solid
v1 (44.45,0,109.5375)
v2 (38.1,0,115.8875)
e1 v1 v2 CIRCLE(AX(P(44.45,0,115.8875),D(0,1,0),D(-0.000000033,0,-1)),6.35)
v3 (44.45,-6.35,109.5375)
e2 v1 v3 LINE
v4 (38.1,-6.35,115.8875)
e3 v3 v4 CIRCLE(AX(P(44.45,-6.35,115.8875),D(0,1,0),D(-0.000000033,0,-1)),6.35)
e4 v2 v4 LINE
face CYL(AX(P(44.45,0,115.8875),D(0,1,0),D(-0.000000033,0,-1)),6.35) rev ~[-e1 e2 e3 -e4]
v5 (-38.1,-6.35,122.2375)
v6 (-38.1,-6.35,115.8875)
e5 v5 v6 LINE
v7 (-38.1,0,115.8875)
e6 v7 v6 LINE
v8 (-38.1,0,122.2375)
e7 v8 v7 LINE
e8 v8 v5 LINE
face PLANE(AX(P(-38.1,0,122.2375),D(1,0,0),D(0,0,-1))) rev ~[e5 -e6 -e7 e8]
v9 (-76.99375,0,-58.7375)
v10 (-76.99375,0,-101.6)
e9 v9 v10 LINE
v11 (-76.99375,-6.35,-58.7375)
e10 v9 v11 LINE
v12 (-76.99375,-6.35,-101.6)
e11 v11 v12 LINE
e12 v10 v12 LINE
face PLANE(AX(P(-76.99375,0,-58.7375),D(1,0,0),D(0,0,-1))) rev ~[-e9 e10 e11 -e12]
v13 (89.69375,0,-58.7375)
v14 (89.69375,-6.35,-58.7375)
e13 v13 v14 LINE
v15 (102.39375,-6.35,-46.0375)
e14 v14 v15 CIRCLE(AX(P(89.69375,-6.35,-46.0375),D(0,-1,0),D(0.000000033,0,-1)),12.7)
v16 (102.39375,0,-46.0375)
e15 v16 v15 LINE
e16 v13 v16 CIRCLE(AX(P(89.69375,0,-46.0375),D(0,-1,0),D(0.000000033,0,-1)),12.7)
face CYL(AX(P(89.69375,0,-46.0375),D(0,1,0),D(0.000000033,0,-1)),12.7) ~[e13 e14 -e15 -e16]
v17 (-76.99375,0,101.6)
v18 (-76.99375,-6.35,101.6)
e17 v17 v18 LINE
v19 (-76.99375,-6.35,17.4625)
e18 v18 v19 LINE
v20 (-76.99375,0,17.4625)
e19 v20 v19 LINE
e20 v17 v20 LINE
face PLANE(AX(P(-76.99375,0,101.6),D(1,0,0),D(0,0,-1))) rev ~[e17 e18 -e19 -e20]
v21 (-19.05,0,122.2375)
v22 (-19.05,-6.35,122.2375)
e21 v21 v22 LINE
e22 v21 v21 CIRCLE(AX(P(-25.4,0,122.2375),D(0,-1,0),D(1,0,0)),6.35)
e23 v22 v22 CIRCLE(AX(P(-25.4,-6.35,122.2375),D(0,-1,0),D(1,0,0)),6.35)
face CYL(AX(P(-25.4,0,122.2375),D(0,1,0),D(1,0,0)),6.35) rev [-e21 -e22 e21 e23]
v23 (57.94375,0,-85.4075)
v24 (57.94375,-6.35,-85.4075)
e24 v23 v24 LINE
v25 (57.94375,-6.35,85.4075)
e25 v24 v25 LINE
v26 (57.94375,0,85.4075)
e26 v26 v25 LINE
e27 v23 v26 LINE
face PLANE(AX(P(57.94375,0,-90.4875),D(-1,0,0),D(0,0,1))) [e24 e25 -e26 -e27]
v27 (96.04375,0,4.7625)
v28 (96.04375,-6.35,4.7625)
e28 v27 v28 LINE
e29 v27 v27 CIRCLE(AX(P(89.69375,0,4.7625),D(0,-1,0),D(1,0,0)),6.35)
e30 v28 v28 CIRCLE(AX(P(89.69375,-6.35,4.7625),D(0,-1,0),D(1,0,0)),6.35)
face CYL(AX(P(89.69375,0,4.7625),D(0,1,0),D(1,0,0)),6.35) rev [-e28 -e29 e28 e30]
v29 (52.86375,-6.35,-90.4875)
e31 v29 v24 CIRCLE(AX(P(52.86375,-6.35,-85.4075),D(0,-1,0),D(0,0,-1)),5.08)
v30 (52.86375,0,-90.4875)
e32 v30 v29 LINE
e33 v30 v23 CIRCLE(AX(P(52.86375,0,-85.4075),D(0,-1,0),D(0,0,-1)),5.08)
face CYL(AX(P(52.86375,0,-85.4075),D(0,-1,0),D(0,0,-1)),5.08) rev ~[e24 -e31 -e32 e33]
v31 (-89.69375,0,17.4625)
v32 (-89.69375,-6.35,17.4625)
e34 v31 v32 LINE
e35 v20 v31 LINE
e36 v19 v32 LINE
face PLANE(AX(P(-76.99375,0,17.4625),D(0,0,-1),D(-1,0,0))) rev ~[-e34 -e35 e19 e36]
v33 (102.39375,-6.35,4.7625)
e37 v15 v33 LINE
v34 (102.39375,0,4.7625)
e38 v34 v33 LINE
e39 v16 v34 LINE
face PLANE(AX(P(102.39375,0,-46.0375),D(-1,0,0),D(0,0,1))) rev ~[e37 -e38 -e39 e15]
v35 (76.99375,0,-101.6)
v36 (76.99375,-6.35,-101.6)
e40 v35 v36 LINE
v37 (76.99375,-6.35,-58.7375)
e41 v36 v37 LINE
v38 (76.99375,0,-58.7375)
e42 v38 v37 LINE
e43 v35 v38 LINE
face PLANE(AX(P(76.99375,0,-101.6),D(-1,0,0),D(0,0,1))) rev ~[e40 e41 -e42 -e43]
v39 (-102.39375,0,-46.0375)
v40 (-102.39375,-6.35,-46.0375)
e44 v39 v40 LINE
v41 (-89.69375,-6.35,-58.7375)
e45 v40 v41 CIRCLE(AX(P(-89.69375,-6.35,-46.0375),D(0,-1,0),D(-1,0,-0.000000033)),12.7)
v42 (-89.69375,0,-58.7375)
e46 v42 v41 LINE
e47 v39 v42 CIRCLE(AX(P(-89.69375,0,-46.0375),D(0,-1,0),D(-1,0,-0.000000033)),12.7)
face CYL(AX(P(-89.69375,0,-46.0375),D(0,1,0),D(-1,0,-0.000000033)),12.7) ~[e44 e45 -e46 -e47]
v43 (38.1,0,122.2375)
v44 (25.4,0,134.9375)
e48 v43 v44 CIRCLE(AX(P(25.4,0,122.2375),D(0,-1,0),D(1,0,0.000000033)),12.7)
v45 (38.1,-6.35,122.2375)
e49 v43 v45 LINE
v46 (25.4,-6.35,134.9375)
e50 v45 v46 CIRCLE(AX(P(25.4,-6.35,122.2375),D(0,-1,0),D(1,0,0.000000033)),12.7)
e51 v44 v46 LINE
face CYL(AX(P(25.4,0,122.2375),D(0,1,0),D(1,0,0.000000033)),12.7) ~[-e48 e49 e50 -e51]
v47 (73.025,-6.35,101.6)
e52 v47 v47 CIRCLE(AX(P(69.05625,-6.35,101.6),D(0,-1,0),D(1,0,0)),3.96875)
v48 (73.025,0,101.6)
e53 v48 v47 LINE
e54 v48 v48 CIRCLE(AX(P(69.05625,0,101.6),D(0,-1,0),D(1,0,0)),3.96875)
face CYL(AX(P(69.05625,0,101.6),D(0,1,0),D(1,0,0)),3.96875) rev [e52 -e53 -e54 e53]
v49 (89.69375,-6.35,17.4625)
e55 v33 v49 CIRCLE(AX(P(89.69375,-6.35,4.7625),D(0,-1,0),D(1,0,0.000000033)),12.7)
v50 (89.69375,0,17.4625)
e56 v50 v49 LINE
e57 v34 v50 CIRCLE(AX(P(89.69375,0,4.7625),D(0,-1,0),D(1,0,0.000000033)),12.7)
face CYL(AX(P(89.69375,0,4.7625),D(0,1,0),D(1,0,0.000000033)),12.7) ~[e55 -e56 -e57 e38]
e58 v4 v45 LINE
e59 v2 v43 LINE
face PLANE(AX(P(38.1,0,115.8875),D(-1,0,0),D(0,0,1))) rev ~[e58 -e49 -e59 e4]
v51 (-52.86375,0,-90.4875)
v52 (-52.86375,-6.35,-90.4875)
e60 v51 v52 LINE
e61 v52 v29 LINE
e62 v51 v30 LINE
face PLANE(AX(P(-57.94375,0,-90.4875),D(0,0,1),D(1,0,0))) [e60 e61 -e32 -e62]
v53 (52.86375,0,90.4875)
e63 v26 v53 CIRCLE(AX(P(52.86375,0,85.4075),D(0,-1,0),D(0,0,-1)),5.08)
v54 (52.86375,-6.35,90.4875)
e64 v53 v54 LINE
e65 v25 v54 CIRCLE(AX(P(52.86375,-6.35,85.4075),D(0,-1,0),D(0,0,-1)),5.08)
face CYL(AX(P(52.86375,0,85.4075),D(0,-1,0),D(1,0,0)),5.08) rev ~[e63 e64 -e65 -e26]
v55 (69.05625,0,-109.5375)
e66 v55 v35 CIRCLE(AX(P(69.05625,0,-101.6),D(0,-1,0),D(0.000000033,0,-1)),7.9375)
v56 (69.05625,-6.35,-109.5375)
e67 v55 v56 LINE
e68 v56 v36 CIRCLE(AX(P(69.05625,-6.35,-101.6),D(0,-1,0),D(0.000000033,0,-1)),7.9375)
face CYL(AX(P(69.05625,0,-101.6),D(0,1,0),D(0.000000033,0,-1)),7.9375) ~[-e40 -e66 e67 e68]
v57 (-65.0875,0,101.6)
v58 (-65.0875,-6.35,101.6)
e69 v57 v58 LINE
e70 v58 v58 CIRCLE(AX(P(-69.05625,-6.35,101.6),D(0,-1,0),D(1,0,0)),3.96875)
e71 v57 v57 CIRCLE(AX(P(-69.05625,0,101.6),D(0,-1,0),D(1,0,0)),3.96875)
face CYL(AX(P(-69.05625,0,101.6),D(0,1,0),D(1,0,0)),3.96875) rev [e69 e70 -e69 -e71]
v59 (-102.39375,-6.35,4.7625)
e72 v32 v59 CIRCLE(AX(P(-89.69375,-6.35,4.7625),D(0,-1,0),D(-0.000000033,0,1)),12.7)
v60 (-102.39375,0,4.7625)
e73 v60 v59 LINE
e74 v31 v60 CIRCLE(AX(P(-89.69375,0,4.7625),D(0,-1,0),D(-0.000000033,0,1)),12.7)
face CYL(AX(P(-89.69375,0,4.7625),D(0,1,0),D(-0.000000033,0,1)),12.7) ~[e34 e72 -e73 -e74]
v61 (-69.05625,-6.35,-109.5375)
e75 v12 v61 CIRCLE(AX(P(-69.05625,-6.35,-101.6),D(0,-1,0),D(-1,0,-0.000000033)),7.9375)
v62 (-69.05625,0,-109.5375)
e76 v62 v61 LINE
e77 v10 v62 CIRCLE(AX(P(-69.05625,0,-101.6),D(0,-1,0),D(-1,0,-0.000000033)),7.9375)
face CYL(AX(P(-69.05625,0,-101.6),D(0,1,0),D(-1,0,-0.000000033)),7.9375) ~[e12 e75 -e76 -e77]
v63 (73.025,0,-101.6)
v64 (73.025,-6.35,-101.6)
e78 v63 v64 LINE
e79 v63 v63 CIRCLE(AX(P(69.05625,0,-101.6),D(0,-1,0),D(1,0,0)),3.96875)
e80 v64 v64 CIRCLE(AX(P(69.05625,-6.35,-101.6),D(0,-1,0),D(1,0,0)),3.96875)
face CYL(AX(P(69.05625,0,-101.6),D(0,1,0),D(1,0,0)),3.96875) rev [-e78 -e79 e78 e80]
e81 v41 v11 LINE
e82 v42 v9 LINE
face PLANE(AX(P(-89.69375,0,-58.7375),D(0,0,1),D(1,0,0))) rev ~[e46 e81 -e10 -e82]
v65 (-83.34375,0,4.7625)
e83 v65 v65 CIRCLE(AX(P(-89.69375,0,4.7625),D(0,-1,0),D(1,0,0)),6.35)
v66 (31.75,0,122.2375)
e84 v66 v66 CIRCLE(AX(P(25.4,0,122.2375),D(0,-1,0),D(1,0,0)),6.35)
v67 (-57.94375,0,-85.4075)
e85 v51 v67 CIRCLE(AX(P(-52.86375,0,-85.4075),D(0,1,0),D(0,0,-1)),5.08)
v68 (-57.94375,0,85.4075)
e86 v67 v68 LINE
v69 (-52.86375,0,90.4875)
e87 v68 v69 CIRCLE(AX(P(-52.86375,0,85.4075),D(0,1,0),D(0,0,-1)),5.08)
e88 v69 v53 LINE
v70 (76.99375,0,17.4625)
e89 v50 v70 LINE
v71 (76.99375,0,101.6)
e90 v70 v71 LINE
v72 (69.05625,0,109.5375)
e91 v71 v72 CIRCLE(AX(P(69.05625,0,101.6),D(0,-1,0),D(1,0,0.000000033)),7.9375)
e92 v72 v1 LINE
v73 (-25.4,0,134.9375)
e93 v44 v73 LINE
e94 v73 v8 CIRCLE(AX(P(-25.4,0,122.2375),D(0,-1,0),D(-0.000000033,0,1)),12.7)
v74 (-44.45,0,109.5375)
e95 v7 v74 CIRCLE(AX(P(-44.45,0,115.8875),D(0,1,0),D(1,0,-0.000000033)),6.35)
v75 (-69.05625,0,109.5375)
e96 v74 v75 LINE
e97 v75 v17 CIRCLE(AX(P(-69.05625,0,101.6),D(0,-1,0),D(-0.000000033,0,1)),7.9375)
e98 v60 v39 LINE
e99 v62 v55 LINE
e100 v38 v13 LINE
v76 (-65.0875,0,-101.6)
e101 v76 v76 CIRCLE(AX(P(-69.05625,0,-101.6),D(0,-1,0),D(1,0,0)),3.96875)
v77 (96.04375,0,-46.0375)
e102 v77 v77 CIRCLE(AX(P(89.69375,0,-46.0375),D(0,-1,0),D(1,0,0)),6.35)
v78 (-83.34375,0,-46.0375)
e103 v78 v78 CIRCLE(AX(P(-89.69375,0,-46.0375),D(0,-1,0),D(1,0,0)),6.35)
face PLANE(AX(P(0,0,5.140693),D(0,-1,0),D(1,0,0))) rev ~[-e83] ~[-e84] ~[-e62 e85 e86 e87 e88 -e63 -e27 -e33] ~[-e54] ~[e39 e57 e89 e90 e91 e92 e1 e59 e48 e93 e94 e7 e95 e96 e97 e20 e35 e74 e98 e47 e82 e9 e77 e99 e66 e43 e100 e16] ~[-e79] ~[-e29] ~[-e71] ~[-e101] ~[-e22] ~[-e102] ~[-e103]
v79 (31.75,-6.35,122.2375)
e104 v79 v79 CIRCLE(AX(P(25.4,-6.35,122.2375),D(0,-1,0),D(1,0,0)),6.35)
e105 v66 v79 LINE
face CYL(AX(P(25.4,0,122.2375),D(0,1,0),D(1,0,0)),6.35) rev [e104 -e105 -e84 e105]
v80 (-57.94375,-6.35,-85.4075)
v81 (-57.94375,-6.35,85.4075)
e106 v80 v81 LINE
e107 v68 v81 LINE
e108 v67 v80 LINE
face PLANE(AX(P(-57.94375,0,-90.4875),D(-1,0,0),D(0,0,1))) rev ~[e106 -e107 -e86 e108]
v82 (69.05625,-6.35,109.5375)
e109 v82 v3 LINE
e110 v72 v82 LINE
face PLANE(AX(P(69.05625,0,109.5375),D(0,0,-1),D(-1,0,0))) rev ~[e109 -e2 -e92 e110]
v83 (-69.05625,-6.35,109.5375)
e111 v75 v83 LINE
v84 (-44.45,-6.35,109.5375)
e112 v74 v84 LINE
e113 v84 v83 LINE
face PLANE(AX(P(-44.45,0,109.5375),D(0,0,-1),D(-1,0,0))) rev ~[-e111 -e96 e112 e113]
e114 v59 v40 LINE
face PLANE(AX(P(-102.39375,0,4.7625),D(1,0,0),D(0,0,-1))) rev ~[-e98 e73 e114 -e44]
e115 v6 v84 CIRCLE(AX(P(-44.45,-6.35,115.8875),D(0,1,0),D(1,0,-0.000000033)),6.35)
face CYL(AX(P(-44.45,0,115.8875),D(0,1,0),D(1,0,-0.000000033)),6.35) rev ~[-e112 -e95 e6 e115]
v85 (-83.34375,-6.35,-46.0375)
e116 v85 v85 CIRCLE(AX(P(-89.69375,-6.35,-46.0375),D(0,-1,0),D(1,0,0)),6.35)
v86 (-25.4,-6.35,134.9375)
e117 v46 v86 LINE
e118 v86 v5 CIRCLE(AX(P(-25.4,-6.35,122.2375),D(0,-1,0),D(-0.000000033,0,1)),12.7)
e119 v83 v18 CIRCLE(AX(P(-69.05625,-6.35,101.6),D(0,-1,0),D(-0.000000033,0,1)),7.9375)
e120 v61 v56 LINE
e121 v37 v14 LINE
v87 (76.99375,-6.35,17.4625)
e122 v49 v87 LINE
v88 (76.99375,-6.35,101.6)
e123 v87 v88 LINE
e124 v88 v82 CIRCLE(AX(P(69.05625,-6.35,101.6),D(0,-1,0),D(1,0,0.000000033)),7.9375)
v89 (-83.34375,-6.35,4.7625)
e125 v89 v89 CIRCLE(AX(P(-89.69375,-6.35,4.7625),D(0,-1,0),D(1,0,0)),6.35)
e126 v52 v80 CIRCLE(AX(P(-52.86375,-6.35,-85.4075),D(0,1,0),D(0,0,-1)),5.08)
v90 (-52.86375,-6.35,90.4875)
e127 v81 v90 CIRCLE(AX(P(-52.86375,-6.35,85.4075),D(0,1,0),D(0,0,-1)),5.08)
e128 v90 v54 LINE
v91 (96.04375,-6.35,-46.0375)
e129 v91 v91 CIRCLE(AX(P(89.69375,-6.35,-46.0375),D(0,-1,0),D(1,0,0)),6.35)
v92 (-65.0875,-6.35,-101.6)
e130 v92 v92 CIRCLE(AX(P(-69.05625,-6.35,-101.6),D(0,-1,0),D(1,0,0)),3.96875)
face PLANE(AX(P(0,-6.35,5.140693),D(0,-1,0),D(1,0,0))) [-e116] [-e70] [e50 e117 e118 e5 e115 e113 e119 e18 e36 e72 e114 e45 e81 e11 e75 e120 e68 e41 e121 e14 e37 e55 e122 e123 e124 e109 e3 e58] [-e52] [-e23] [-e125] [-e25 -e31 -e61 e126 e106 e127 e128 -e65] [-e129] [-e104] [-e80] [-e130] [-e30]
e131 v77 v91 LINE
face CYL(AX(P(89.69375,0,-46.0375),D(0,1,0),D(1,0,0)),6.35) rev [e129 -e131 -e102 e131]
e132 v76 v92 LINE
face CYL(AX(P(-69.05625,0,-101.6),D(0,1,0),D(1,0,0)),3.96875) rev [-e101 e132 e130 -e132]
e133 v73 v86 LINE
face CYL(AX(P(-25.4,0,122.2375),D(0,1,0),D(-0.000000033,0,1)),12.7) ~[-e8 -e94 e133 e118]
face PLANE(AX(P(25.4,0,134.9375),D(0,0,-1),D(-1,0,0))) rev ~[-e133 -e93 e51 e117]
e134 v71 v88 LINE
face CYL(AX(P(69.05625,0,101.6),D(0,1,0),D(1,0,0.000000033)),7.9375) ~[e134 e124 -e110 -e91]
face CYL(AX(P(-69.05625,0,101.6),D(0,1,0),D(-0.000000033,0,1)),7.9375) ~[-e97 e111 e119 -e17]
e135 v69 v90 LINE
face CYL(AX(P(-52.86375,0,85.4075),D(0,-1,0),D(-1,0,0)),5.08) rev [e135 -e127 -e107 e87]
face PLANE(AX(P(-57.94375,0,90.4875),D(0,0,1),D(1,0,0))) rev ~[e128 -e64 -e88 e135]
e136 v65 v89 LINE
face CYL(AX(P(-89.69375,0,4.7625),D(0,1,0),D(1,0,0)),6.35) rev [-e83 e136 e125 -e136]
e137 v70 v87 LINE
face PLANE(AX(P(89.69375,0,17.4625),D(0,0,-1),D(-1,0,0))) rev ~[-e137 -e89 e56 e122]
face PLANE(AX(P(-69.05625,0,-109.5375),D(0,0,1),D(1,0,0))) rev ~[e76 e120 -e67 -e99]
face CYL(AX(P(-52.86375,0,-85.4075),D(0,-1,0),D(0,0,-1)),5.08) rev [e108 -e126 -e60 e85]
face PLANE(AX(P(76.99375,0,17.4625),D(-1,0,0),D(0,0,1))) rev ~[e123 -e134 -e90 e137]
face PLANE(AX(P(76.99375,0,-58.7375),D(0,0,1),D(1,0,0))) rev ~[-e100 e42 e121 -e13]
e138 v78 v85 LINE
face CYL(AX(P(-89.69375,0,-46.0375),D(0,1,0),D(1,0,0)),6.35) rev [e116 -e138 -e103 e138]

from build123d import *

# Parameters (mm, degrees)
F0_R     = 3.96875
F0_R_2   = 6.35
F0_W     = 115.8875
F0_H     = 180.975
F1_DEPTH = 6.35
F2_R     = 5.08


with BuildPart() as f1:
    # F0 (on Front) → F1 (new body)
    with BuildSketch(Plane.XZ):
        with BuildLine():
            Line((-44.45, 109.5375), (-69.05625, 109.5375))
            ThreePointArc((-69.05625, 109.5375), (-74.66891, 107.21266), (-76.99375, 101.6))
            Line((-76.99375, 101.6), (-76.99375, 17.4625))
            Line((-76.99375, 17.4625), (-89.69375, 17.4625))
            ThreePointArc((-89.69375, 17.4625), (-98.674006, 13.742756), (-102.39375, 4.7625))
            Line((-102.39375, 4.7625), (-102.39375, -46.0375))
            ThreePointArc((-102.39375, -46.0375), (-98.674006, -55.017756), (-89.69375, -58.7375))
            Line((-89.69375, -58.7375), (-76.99375, -58.7375))
            Line((-76.99375, -58.7375), (-76.99375, -101.6))
            ThreePointArc((-76.99375, -101.6), (-74.66891, -107.21266), (-69.05625, -109.5375))
            Line((-69.05625, -109.5375), (69.05625, -109.5375))
            ThreePointArc((69.05625, -109.5375), (74.66891, -107.21266), (76.99375, -101.6))
            Line((76.99375, -101.6), (76.99375, -58.7375))
            Line((76.99375, -58.7375), (89.69375, -58.7375))
            ThreePointArc((89.69375, -58.7375), (98.674006, -55.017756), (102.39375, -46.0375))
            Line((102.39375, -46.0375), (102.39375, 4.7625))
            ThreePointArc((102.39375, 4.7625), (98.674006, 13.742756), (89.69375, 17.4625))
            Line((89.69375, 17.4625), (76.99375, 17.4625))
            Line((76.99375, 17.4625), (76.99375, 101.6))
            ThreePointArc((76.99375, 101.6), (74.66891, 107.21266), (69.05625, 109.5375))
            Line((69.05625, 109.5375), (44.45, 109.5375))
            ThreePointArc((44.45, 109.5375), (39.959872, 111.397372), (38.1, 115.8875))
            Line((38.1, 115.8875), (38.1, 122.2375))
            ThreePointArc((38.1, 122.2375), (34.380256, 131.217756), (25.4, 134.9375))
            Line((25.4, 134.9375), (-25.4, 134.9375))
            ThreePointArc((-25.4, 134.9375), (-34.380256, 131.217756), (-38.1, 122.2375))
            Line((-38.1, 122.2375), (-38.1, 115.8875))
            ThreePointArc((-38.1, 115.8875), (-39.959872, 111.397372), (-44.45, 109.5375))
        make_face()
        with Locations((-69.05625, -101.6)):
            Circle(F0_R, mode=Mode.SUBTRACT)
        with Locations((-89.69375, -46.0375)):
            Circle(F0_R_2, mode=Mode.SUBTRACT)
        with Locations((-89.69375, 4.7625)):
            Circle(F0_R_2, mode=Mode.SUBTRACT)
        with Locations((69.05625, -101.6)):
            Circle(F0_R, mode=Mode.SUBTRACT)
        Rectangle(F0_W, F0_H, mode=Mode.SUBTRACT)
        with Locations((89.69375, -46.0375)):
            Circle(F0_R_2, mode=Mode.SUBTRACT)
        with Locations((89.69375, 4.7625)):
            Circle(F0_R_2, mode=Mode.SUBTRACT)
        with Locations((-69.05625, 101.6)):
            Circle(F0_R, mode=Mode.SUBTRACT)
        with Locations((-25.4, 122.2375)):
            Circle(F0_R_2, mode=Mode.SUBTRACT)
        with Locations((25.4, 122.2375)):
            Circle(F0_R_2, mode=Mode.SUBTRACT)
        with Locations((69.05625, 101.6)):
            Circle(F0_R, mode=Mode.SUBTRACT)
    extrude(amount=F1_DEPTH)

    # F2
    f2_edges = [f1.edges().sort_by_distance(p)[0] for p in [
        (-57.94375, -3.175, 90.4875),
        (57.94375, -3.175, 90.4875),
        (57.94375, -3.175, -90.4875),
        (-57.94375, -3.175, -90.4875),
    ]]
    fillet(f2_edges, radius=F2_R)


solid = f1.part
